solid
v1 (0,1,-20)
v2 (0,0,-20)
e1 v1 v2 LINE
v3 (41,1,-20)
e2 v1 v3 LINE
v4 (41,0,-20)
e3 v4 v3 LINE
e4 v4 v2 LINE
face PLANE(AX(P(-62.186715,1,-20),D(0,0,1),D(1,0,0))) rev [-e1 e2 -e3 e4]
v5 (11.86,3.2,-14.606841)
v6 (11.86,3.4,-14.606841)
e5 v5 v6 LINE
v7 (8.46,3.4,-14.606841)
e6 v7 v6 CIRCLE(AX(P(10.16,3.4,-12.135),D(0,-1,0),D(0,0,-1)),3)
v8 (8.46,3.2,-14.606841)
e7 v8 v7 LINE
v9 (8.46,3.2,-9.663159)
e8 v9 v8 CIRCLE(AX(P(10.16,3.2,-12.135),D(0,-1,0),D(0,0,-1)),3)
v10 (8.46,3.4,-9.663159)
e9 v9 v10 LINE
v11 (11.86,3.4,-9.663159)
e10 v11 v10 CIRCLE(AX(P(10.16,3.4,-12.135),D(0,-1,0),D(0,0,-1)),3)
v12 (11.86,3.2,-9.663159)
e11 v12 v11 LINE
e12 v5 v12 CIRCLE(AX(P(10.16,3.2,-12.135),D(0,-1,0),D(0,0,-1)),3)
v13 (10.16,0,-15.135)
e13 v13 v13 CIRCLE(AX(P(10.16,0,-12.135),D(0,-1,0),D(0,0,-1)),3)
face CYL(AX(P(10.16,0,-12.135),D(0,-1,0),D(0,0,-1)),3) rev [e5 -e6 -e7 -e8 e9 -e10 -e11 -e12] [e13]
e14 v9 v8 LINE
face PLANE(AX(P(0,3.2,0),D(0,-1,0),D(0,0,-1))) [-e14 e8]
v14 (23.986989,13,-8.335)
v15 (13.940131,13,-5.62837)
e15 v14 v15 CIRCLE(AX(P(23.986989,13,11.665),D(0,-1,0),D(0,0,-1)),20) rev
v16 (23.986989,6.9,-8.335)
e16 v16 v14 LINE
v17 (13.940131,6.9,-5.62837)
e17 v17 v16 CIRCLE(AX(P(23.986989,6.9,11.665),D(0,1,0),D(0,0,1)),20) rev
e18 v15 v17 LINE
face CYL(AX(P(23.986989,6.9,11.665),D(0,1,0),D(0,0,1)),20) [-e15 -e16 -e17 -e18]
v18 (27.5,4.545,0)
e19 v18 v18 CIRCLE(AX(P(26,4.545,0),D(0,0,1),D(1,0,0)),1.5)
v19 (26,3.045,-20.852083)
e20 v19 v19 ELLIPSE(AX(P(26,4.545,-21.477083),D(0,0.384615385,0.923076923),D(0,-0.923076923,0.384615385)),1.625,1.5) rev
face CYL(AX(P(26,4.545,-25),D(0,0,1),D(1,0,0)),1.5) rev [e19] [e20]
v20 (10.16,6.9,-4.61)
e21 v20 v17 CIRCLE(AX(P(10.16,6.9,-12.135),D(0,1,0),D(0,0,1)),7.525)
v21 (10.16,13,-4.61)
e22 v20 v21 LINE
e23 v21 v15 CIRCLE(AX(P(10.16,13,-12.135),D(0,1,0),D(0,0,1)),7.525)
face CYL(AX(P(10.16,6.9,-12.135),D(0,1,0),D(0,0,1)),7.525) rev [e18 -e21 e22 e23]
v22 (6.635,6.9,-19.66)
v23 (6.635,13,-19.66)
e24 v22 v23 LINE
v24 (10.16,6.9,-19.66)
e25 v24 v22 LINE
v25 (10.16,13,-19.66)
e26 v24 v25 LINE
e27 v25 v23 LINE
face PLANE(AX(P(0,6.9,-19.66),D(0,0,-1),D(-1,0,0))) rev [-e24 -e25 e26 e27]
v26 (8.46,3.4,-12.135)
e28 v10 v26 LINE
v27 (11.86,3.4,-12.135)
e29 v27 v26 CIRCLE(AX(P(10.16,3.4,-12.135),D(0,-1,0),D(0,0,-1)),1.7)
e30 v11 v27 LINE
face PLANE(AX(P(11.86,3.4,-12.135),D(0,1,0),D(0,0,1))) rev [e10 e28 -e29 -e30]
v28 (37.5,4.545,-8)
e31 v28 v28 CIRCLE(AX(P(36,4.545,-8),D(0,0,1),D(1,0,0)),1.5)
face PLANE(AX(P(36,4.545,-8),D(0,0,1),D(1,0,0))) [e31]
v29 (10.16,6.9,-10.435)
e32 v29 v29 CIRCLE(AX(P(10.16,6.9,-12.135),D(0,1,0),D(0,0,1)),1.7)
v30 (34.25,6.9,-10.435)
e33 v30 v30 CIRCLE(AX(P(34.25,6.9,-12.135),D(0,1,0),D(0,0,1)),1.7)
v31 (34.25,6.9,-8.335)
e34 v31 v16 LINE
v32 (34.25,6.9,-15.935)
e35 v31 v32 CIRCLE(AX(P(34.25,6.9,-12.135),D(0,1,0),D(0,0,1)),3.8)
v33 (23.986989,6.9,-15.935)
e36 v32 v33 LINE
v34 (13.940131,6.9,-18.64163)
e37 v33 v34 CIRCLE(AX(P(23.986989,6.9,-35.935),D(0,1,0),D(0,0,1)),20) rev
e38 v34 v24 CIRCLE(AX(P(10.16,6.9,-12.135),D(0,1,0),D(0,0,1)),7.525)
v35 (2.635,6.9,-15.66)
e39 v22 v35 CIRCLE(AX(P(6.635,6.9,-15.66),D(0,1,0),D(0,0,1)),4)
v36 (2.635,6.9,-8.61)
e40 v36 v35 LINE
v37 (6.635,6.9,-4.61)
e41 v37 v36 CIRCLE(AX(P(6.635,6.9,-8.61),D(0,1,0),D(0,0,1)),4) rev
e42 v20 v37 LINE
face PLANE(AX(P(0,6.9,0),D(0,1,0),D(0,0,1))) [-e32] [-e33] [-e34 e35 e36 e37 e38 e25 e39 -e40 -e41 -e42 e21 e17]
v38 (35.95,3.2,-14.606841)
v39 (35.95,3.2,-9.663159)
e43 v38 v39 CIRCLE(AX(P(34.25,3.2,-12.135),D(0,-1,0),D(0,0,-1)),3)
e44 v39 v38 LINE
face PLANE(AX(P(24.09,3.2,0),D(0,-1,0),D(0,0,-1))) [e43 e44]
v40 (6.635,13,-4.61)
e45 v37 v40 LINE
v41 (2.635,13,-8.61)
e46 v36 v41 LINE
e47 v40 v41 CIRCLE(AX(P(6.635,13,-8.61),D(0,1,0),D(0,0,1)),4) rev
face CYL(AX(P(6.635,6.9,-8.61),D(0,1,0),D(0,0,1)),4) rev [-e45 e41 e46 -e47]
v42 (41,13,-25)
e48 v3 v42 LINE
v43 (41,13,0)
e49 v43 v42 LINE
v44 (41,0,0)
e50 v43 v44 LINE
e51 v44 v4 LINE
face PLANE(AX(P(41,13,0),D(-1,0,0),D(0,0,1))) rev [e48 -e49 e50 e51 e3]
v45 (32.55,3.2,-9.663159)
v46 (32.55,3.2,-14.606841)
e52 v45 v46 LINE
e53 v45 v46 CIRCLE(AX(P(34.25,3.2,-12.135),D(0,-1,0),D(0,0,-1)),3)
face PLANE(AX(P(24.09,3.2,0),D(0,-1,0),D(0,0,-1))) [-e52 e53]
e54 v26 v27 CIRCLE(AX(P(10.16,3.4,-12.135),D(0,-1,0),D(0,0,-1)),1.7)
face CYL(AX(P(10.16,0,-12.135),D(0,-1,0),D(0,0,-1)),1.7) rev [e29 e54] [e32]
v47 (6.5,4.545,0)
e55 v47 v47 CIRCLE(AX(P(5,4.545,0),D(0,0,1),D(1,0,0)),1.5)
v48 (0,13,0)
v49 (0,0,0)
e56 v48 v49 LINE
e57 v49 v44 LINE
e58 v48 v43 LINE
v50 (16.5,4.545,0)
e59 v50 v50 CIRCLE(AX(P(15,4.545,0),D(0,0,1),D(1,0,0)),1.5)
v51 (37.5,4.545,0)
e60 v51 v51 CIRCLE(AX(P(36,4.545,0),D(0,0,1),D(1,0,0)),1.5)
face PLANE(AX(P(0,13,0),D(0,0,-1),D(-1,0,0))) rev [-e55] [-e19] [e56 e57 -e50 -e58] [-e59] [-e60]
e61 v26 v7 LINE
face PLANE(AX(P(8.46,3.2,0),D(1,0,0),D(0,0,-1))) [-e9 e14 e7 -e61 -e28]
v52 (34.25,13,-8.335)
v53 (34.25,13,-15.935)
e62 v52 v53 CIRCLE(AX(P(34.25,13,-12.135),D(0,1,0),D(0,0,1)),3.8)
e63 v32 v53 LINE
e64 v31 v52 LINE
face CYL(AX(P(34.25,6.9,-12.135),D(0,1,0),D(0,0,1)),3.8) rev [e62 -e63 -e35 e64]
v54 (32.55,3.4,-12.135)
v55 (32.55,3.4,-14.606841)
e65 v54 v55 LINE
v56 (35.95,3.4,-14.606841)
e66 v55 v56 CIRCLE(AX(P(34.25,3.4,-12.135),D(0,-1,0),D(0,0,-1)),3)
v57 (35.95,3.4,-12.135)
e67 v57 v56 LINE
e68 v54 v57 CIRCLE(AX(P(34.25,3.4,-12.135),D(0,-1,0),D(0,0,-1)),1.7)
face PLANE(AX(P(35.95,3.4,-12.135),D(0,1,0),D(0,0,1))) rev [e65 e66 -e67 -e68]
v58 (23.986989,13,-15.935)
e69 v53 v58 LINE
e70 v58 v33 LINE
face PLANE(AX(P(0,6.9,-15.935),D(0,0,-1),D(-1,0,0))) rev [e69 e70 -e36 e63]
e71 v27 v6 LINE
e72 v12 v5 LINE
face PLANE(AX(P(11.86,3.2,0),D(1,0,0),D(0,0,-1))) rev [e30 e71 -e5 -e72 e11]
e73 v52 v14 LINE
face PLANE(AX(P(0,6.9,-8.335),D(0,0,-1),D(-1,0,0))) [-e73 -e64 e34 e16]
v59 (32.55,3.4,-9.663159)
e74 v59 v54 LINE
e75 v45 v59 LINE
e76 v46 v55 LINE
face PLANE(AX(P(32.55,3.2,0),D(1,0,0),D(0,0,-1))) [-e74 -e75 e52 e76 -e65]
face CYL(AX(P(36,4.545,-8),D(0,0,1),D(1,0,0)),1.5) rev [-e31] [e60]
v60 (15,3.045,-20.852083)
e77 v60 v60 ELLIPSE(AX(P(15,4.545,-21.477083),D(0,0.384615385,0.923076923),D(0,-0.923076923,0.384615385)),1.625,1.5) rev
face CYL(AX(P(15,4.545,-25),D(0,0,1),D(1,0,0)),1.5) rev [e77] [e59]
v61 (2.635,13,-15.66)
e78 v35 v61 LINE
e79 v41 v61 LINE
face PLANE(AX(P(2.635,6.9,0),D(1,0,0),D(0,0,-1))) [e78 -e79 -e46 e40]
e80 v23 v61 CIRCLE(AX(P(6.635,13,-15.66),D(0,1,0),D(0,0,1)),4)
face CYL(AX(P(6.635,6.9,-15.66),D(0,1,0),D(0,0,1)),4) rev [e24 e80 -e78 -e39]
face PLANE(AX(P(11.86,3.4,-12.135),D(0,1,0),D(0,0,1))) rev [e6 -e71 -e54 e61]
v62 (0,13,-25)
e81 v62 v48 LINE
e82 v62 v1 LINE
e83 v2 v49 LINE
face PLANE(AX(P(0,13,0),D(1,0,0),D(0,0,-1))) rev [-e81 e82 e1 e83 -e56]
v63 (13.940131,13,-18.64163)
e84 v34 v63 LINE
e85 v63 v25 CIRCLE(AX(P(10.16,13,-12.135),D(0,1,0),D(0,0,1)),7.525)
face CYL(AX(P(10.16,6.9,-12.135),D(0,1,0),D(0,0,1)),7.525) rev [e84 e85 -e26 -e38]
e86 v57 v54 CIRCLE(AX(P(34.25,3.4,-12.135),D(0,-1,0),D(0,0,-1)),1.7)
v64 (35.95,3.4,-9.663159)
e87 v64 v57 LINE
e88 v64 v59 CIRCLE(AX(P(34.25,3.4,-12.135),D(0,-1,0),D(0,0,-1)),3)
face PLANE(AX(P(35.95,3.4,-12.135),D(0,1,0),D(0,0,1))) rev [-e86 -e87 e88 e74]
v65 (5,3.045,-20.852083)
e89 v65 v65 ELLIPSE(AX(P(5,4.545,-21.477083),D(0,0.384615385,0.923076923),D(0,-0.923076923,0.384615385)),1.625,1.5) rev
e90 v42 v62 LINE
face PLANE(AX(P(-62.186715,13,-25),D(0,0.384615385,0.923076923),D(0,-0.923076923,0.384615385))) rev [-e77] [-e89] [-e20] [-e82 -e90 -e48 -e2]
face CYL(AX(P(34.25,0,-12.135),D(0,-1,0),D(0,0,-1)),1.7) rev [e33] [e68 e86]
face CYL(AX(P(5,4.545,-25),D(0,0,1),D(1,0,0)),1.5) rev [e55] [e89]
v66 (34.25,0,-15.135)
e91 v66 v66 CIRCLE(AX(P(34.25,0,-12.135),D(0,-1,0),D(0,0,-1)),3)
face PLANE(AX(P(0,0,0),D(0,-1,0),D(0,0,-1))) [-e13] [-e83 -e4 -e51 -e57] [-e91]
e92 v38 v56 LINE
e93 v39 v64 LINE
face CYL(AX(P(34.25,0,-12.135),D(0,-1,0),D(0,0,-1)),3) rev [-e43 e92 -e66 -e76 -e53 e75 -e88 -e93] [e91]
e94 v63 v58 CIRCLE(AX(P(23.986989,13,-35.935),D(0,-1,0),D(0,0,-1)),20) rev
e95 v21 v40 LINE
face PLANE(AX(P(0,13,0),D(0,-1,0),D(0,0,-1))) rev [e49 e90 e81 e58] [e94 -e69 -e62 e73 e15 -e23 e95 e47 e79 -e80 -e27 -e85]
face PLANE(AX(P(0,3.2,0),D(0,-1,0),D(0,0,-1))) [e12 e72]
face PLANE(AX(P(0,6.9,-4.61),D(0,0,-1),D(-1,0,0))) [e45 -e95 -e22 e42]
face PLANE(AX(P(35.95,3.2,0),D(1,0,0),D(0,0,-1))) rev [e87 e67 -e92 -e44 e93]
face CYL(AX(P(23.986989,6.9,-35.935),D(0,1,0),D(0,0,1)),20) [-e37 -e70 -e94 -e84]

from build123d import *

# Parameters (mm, degrees)
SKETCH1_W                                           = 41
SKETCH1_H                                           = 25
BOSS_EXTRUDE1_DEPTH                                 = 13
SKETCH2_R                                           = 1.5
CUT_EXTRUDE1_DEPTH                                  = 50.749371855
LPATTERN1_COUNT                                     = 2
LPATTERN1_PITCH                                     = 10
LPATTERN3_COUNT                                     = 2
LPATTERN3_PITCH                                     = 21
SKETCH8_R                                           = 1.5
CUT_EXTRUDE5_DEPTH                                  = 8
SKETCH3_R                                           = 7.525
CUT_EXTRUDE2_DEPTH                                  = 6.1
CBORE_FOR_M3_HEX_SOCKET_HEAD_CAP_SCREW1_D           = 3.4
CBORE_FOR_M3_HEX_SOCKET_HEAD_CAP_SCREW1_CBORE_D     = 6
CBORE_FOR_M3_HEX_SOCKET_HEAD_CAP_SCREW1_CBORE_DEPTH = 3.4
FILLET1_R                                           = 20
CUT_EXTRUDE4_DEPTH                                  = 50.749371855
CUT_EXTRUDE4_DEPTH_BACK                             = 50.749371855
BOSS_EXTRUDE3_START                                 = 0.2
BOSS_EXTRUDE3_DEPTH                                 = 0.2
LPATTERN2_COUNT                                     = 2
LPATTERN2_PITCH                                     = 24.09


with BuildPart() as part:
    # Sketch1 → Boss-Extrude1 (new body)
    with BuildSketch(Plane(origin=(0, 0, 0), x_dir=(1, 0, 0), z_dir=(0, 1, 0))):
        with Locations((20.5, 12.5)):
            Rectangle(SKETCH1_W, SKETCH1_H)
    extrude(amount=BOSS_EXTRUDE1_DEPTH)

    # Sketch2 → Cut-Extrude1 (cut, through all)
    with BuildSketch(Plane.XY):
        with Locations((5, 4.545)):
            Circle(SKETCH2_R)
    cut_extrude1 = extrude(amount=-CUT_EXTRUDE1_DEPTH, mode=Mode.SUBTRACT)

    # LPattern1: Cut-Extrude1 ×2
    with Locations(*[(i * LPATTERN1_PITCH, 0, 0) for i in range(1, LPATTERN1_COUNT)]):
        add(cut_extrude1, mode=Mode.SUBTRACT)

    # LPattern3: Cut-Extrude1 ×2
    with Locations(*[(i * LPATTERN3_PITCH, 0, 0) for i in range(1, LPATTERN3_COUNT)]):
        add(cut_extrude1, mode=Mode.SUBTRACT)

    # Sketch8 → Cut-Extrude5 (cut)
    with BuildSketch(Plane.XY):
        with Locations((36, 4.545)):
            Circle(SKETCH8_R)
    extrude(amount=-CUT_EXTRUDE5_DEPTH, mode=Mode.SUBTRACT)

    # Sketch3 → Cut-Extrude2 (cut)
    with BuildSketch(Plane(origin=(0, 13, 0), x_dir=(1, 0, 0), z_dir=(0, 1, 0))):
        with Locations((10.16, 12.135)):
            Circle(SKETCH3_R)
        with BuildLine():
            Line((34.25, 8.335), (10.16, 8.335))
            ThreePointArc((10.16, 8.335), (6.36, 12.135), (10.16, 15.935))
            Line((10.16, 15.935), (34.25, 15.935))
            ThreePointArc((34.25, 15.935), (38.05, 12.135), (34.25, 8.335))
        make_face()
        with BuildLine():
            Line((10.16, 4.61), (6.635, 4.61))
            ThreePointArc((6.635, 4.61), (3.806572875, 5.781572875), (2.635, 8.61))
            Line((2.635, 8.61), (2.635, 15.66))
            ThreePointArc((2.635, 15.66), (3.806572875, 18.488427125), (6.635, 19.66))
            Line((6.635, 19.66), (10.16, 19.66))
            Line((10.16, 19.66), (10.16, 4.61))
        make_face()
    extrude(amount=-CUT_EXTRUDE2_DEPTH, mode=Mode.SUBTRACT)

    # CBORE for M3 Hex Socket Head Cap Screw1 (through all)
    with Locations(Plane(origin=(0, 0, 0), x_dir=(-1, 0, 0), z_dir=(0, -1, 0))):
        with Locations((-34.25, 12.135), (-10.16, 12.135)):
            CounterBoreHole(CBORE_FOR_M3_HEX_SOCKET_HEAD_CAP_SCREW1_D / 2, CBORE_FOR_M3_HEX_SOCKET_HEAD_CAP_SCREW1_CBORE_D / 2, CBORE_FOR_M3_HEX_SOCKET_HEAD_CAP_SCREW1_CBORE_DEPTH)

    # Fillet1
    fillet1_edges = [part.edges().sort_by_distance(p)[0] for p in [
        (16.655046189, 9.95, -15.935),
        (16.655046189, 9.95, -8.335),
    ]]
    fillet(fillet1_edges, radius=FILLET1_R)

    # Sketch7 → Cut-Extrude4 (cut, two sides: drawn at the far end of the back side and taken through both)
    with BuildSketch(Plane.ZY.offset(-CUT_EXTRUDE4_DEPTH_BACK)):
        Polygon((-50.521542775, 74.251702659), (-25, 13), (-20, 1), (-20, 0), (-20, -66.356011214), (-149.691728644, -94.508034559), (-180.213271419, 46.099679315), align=None)
    extrude(amount=CUT_EXTRUDE4_DEPTH + CUT_EXTRUDE4_DEPTH_BACK, mode=Mode.SUBTRACT)

    # Sketch9 → Boss-Extrude3 (add)
    with BuildSketch(Plane.XZ.offset(-3.4).offset(BOSS_EXTRUDE3_START)):
        with BuildLine():
            Line((8.46, -14.606841419), (8.46, -9.663158581))
            ThreePointArc((8.46, -9.663158581), (7.16, -12.135), (8.46, -14.606841419))
        make_face()
        with BuildLine():
            ThreePointArc((13.16, -12.135), (12.815183609, -10.738575996), (11.86, -9.663158581))
            Line((11.86, -9.663158581), (11.86, -14.606841419))
            ThreePointArc((11.86, -14.606841419), (12.815183609, -13.531424004), (13.16, -12.135))
        make_face()
    boss_extrude3 = extrude(amount=-BOSS_EXTRUDE3_DEPTH)

    # LPattern2: Boss-Extrude3 ×2
    with Locations(*[(i * LPATTERN2_PITCH, 0, 0) for i in range(1, LPATTERN2_COUNT)]):
        add(boss_extrude3)


solid = part.part
